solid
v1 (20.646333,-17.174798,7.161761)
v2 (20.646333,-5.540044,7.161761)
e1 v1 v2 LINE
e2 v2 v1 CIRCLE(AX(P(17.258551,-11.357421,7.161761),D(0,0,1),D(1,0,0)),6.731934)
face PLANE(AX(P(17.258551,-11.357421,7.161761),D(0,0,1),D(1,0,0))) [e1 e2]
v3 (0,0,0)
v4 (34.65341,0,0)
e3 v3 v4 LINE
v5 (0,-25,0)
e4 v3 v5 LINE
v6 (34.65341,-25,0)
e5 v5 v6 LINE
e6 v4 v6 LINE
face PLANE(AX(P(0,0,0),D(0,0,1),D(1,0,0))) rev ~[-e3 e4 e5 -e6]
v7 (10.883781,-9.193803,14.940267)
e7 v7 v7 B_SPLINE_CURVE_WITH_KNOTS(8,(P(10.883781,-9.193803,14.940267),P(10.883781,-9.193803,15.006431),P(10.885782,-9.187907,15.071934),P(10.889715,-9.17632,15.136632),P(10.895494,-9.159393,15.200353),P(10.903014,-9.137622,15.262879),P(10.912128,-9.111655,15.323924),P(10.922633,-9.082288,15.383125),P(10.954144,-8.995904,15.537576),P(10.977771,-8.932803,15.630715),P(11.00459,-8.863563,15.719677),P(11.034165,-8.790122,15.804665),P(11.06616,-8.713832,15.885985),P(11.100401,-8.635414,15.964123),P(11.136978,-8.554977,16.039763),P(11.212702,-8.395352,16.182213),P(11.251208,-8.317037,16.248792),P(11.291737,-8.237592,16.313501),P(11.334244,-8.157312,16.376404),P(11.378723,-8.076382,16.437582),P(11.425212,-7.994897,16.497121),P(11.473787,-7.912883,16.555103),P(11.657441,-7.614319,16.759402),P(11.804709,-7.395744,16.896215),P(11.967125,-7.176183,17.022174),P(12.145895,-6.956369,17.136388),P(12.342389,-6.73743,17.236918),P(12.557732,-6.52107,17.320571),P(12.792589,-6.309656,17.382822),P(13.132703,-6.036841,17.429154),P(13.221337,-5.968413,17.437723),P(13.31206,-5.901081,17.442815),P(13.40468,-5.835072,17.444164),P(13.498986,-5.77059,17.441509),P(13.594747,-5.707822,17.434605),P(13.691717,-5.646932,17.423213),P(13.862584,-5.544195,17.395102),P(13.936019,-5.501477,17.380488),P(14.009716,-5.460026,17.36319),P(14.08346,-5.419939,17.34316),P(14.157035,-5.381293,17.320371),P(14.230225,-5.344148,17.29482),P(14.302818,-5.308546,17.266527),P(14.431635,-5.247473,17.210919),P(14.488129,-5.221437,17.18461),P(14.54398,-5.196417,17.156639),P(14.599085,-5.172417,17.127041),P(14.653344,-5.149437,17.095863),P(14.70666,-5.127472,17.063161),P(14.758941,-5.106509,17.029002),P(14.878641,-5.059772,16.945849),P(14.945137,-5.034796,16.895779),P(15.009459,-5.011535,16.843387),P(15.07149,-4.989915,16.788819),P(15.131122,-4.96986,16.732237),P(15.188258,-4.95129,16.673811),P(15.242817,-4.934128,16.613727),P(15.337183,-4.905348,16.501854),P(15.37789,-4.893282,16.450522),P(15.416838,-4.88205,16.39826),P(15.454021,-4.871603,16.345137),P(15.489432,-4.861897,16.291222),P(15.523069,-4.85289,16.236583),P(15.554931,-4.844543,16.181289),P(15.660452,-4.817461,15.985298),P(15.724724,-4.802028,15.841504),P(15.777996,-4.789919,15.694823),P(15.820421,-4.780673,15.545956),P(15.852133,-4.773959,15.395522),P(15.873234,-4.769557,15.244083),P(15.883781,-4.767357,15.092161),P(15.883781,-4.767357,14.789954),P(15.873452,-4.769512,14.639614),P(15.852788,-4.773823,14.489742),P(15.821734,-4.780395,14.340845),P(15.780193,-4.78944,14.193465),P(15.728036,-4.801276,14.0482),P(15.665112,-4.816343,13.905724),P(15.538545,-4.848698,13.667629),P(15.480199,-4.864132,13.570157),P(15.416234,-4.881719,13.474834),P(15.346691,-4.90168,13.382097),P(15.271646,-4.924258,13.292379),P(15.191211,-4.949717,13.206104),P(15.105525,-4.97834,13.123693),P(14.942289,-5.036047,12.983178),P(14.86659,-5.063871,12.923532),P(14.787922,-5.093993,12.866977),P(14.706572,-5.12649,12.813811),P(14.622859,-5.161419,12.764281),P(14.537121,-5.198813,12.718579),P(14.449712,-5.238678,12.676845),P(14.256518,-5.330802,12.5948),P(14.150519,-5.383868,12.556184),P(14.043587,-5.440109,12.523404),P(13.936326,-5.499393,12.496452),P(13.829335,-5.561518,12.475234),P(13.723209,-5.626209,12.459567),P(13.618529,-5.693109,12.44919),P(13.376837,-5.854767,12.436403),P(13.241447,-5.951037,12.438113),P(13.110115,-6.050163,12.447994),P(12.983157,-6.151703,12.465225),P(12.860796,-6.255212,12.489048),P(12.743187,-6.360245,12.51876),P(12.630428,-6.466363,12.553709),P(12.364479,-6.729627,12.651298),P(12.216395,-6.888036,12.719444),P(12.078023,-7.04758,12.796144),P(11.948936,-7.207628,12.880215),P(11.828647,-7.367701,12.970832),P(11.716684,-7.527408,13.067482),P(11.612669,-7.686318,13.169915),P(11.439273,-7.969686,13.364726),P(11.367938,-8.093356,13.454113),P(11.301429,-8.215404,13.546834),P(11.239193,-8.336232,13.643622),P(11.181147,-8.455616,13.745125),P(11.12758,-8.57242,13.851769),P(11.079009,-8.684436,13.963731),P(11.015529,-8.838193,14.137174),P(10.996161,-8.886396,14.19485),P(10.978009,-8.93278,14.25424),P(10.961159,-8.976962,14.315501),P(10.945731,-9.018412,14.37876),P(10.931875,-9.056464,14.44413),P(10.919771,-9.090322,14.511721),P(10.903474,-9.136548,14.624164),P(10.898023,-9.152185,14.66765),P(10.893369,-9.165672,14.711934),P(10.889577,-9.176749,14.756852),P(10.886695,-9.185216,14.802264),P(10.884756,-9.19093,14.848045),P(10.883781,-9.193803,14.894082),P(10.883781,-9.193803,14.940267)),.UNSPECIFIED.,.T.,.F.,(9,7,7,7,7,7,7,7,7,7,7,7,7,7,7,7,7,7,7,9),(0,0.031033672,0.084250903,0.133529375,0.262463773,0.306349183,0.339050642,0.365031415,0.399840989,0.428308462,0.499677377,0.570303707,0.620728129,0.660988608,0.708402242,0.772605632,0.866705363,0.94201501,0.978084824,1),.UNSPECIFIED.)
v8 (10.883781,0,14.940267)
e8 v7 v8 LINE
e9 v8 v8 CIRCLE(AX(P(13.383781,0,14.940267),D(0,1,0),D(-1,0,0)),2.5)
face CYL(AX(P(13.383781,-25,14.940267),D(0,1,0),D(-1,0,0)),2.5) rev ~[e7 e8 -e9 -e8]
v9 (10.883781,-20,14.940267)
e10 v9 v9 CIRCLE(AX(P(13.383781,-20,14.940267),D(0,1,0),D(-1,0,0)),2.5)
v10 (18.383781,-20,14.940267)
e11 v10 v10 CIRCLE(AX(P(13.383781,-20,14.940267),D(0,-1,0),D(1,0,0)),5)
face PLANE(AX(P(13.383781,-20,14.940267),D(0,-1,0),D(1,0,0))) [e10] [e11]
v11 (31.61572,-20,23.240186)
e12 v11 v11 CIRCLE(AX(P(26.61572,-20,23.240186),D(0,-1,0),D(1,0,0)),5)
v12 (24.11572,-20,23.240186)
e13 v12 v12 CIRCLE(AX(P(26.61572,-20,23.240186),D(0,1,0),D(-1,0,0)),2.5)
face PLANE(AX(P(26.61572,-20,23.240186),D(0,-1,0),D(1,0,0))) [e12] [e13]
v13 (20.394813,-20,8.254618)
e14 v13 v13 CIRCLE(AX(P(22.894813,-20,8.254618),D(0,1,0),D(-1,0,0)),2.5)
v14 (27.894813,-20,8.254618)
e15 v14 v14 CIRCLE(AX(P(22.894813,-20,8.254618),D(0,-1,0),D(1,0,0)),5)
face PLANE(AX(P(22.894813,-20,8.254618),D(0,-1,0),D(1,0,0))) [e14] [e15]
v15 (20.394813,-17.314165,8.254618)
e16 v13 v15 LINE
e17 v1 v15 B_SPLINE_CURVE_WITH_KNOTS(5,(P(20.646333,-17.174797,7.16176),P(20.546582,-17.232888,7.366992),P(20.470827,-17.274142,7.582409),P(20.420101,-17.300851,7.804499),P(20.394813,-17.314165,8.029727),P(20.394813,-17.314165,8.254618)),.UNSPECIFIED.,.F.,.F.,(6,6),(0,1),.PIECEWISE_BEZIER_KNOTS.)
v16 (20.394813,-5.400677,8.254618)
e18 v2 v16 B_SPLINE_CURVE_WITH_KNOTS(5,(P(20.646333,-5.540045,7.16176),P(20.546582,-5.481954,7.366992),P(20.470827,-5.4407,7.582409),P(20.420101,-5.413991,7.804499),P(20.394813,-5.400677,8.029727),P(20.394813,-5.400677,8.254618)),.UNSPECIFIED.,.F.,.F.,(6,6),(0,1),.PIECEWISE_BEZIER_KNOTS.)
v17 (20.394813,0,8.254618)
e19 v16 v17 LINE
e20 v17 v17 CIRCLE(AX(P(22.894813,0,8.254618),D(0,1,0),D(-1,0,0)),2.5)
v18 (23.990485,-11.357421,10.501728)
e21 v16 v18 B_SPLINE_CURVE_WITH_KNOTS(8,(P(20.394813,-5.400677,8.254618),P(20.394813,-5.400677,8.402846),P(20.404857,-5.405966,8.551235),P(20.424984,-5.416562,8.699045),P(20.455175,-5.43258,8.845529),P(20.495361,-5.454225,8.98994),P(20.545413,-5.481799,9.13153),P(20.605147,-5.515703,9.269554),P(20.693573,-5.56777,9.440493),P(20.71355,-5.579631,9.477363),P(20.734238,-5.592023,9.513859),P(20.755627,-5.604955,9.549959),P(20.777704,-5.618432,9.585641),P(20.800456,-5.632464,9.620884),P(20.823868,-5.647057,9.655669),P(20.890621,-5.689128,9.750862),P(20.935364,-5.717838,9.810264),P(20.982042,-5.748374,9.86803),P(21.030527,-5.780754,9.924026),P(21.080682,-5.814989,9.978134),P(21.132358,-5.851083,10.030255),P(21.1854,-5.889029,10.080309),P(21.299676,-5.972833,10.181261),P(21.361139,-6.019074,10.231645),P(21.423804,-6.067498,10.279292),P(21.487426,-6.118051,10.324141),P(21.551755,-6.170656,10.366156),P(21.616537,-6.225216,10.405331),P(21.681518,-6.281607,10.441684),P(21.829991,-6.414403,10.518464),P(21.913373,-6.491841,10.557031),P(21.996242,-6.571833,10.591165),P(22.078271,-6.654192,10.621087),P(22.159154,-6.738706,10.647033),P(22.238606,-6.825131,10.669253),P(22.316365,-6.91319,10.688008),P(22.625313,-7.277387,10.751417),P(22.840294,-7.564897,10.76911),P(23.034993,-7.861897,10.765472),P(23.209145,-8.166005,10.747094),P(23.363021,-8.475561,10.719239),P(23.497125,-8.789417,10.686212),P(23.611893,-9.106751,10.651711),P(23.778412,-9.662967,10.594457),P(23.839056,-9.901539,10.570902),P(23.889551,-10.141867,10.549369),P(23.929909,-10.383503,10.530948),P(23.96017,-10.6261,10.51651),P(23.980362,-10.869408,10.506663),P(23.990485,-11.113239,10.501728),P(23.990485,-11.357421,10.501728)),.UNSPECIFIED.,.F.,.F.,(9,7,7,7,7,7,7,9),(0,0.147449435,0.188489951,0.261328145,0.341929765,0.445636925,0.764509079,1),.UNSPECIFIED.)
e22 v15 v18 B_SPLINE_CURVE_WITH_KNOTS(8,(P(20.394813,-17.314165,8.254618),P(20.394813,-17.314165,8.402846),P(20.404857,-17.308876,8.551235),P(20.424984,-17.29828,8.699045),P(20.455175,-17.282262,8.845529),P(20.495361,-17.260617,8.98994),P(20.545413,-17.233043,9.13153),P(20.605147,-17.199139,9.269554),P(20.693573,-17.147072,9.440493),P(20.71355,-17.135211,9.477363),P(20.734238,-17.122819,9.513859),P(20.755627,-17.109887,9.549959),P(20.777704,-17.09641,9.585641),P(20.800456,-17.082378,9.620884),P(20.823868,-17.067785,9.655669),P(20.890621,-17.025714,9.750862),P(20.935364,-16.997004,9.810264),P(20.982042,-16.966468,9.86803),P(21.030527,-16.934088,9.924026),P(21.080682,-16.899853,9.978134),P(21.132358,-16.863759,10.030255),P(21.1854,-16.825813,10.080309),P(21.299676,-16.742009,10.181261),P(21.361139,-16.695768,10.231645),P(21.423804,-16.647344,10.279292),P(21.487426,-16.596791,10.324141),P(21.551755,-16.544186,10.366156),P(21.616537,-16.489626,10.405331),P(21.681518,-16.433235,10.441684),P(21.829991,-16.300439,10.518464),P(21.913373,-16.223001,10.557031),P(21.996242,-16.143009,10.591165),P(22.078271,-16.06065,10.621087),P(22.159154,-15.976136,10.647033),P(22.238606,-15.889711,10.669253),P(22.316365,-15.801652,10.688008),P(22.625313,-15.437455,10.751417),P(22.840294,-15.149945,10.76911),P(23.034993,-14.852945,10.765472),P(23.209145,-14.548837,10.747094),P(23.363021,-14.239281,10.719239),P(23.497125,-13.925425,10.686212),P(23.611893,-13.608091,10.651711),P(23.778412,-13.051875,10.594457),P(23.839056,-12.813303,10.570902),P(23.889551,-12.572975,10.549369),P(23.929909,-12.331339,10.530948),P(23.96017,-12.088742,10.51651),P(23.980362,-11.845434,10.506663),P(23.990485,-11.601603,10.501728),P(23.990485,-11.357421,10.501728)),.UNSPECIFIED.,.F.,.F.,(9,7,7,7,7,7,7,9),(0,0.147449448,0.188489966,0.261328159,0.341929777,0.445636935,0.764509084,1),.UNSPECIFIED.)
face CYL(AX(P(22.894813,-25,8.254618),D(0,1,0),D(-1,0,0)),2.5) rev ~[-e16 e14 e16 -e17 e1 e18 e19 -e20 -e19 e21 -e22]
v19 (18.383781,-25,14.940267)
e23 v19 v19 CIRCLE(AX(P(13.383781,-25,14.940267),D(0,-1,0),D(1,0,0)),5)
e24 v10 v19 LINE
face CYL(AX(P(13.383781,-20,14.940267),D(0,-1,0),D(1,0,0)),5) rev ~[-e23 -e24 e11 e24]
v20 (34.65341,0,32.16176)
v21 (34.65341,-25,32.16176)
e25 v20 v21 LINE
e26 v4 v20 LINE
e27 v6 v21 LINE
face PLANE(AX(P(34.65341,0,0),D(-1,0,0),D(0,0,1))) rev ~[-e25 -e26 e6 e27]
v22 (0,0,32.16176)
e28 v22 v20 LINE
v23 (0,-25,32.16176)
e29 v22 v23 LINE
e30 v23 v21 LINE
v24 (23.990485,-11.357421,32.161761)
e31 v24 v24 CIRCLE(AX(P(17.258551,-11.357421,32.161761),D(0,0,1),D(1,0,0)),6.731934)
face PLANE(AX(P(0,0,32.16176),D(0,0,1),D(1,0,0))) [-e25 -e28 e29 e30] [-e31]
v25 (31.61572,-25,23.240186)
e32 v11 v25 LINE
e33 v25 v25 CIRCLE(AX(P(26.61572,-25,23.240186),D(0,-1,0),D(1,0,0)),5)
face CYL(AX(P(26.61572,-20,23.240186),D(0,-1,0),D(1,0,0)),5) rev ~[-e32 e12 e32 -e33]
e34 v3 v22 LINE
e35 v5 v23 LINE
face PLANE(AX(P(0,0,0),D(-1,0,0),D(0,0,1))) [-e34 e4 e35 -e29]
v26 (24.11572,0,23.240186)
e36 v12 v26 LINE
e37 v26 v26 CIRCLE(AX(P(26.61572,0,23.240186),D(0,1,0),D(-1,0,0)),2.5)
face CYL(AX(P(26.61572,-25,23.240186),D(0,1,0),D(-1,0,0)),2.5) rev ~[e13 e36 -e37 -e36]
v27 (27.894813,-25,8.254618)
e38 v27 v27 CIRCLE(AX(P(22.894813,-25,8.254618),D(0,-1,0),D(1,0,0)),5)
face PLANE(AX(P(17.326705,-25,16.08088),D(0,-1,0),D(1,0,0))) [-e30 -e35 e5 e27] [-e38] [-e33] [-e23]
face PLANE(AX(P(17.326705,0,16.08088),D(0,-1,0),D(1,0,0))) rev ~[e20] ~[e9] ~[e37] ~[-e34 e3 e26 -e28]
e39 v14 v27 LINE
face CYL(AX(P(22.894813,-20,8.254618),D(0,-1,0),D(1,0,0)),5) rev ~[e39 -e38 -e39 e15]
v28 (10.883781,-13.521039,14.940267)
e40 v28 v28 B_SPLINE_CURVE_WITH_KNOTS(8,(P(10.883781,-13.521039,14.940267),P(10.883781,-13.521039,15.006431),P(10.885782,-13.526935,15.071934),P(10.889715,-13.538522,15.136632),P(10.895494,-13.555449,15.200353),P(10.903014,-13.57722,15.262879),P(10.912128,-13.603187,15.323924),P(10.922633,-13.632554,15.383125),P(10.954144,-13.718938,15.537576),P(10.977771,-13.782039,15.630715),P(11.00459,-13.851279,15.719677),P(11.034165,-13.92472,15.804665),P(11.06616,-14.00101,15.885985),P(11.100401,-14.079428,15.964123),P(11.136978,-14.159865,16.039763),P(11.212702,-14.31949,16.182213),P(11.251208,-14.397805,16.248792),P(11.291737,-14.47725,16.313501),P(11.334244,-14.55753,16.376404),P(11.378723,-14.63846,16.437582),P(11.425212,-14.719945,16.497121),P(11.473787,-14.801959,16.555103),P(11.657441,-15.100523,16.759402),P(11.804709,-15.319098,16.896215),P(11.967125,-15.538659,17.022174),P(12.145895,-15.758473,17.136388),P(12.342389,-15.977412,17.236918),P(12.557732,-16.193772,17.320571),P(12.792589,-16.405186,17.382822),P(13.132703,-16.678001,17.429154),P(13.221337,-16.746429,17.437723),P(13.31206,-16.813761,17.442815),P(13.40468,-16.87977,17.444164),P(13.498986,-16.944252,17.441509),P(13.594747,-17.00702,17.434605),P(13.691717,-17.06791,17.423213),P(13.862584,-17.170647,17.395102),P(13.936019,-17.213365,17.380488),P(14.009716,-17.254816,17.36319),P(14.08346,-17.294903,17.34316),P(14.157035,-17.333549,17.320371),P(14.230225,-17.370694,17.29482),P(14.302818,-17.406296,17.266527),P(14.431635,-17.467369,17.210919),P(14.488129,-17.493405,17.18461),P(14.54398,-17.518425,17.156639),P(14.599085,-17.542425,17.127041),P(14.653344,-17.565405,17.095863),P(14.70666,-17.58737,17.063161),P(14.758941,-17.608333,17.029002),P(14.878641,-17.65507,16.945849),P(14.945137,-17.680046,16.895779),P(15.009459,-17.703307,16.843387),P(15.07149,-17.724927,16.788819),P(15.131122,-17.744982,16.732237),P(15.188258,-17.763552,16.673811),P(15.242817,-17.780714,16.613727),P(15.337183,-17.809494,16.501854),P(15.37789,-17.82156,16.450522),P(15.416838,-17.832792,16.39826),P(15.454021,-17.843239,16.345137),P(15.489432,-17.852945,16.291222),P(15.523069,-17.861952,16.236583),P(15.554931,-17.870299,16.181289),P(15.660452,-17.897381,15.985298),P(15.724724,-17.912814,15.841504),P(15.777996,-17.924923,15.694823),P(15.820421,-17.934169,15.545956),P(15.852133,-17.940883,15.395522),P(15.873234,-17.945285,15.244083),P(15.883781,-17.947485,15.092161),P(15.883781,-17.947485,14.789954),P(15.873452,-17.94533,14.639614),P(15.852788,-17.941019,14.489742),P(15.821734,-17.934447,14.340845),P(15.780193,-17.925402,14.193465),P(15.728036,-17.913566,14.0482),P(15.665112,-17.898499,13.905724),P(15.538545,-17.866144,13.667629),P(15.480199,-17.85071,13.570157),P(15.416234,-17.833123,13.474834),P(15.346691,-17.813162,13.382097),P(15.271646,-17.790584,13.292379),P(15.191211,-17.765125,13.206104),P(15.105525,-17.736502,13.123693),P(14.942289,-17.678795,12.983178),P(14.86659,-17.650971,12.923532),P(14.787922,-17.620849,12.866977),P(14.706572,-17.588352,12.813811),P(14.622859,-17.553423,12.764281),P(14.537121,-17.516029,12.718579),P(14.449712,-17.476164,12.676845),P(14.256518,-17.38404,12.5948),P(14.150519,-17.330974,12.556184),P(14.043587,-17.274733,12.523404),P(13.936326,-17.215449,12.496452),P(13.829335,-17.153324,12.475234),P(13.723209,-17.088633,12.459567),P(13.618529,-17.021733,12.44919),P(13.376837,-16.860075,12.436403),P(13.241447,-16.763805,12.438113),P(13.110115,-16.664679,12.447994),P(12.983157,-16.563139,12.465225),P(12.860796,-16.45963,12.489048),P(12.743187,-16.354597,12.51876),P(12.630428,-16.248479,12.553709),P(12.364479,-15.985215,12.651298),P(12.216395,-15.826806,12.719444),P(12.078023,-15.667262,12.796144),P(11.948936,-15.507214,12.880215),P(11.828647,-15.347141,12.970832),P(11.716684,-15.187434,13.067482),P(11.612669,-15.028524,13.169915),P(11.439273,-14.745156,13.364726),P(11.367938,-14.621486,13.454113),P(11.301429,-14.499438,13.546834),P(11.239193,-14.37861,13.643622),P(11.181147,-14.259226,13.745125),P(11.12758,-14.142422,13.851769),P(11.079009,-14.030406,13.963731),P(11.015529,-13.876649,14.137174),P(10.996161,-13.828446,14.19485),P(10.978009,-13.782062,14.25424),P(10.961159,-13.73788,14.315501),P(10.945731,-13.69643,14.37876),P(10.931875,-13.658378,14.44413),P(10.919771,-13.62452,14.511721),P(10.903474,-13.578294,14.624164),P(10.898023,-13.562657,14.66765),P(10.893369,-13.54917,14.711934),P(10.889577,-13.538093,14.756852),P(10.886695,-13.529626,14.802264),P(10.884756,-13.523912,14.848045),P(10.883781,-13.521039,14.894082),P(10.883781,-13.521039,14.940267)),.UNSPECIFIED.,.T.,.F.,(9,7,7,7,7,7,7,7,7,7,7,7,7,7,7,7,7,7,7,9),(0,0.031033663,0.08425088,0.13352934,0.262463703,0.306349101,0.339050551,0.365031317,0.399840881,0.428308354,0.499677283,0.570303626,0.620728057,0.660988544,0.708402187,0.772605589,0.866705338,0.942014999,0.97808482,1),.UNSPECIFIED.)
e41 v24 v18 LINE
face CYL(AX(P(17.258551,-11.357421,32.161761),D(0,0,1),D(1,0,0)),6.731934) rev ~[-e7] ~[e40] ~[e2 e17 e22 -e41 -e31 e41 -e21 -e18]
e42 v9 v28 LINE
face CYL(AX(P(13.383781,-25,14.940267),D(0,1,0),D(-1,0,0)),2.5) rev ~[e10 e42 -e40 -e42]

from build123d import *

# Parameters (mm, degrees)
F0_W           = 34.65341
F0_H           = 32.161761
F1_DEPTH       = 25
F2_R           = 6.731934
F3_DEPTH       = 25
F5_D           = 5
F5_CBORE_D     = 10
F5_CBORE_DEPTH = 5


with BuildPart() as f1:
    # F0 (on Front) → F1 (new body)
    with BuildSketch(Plane.XZ):
        with Locations((17.326705, 16.08088)):
            Rectangle(F0_W, F0_H)
    extrude(amount=F1_DEPTH)

    # F2 (on face) → F3 (cut)
    with BuildSketch(Plane.XY.offset(32.161761)):
        with Locations((17.258551, -11.357421)):
            Circle(F2_R)
    extrude(amount=-F3_DEPTH, mode=Mode.SUBTRACT)

    # F5 (through all)
    with Locations(Plane.XZ.offset(25)):
        with Locations((13.383781, 14.940267), (26.61572, 23.240186), (22.894813, 8.254618)):
            CounterBoreHole(F5_D / 2, F5_CBORE_D / 2, F5_CBORE_DEPTH)


solid = f1.part
